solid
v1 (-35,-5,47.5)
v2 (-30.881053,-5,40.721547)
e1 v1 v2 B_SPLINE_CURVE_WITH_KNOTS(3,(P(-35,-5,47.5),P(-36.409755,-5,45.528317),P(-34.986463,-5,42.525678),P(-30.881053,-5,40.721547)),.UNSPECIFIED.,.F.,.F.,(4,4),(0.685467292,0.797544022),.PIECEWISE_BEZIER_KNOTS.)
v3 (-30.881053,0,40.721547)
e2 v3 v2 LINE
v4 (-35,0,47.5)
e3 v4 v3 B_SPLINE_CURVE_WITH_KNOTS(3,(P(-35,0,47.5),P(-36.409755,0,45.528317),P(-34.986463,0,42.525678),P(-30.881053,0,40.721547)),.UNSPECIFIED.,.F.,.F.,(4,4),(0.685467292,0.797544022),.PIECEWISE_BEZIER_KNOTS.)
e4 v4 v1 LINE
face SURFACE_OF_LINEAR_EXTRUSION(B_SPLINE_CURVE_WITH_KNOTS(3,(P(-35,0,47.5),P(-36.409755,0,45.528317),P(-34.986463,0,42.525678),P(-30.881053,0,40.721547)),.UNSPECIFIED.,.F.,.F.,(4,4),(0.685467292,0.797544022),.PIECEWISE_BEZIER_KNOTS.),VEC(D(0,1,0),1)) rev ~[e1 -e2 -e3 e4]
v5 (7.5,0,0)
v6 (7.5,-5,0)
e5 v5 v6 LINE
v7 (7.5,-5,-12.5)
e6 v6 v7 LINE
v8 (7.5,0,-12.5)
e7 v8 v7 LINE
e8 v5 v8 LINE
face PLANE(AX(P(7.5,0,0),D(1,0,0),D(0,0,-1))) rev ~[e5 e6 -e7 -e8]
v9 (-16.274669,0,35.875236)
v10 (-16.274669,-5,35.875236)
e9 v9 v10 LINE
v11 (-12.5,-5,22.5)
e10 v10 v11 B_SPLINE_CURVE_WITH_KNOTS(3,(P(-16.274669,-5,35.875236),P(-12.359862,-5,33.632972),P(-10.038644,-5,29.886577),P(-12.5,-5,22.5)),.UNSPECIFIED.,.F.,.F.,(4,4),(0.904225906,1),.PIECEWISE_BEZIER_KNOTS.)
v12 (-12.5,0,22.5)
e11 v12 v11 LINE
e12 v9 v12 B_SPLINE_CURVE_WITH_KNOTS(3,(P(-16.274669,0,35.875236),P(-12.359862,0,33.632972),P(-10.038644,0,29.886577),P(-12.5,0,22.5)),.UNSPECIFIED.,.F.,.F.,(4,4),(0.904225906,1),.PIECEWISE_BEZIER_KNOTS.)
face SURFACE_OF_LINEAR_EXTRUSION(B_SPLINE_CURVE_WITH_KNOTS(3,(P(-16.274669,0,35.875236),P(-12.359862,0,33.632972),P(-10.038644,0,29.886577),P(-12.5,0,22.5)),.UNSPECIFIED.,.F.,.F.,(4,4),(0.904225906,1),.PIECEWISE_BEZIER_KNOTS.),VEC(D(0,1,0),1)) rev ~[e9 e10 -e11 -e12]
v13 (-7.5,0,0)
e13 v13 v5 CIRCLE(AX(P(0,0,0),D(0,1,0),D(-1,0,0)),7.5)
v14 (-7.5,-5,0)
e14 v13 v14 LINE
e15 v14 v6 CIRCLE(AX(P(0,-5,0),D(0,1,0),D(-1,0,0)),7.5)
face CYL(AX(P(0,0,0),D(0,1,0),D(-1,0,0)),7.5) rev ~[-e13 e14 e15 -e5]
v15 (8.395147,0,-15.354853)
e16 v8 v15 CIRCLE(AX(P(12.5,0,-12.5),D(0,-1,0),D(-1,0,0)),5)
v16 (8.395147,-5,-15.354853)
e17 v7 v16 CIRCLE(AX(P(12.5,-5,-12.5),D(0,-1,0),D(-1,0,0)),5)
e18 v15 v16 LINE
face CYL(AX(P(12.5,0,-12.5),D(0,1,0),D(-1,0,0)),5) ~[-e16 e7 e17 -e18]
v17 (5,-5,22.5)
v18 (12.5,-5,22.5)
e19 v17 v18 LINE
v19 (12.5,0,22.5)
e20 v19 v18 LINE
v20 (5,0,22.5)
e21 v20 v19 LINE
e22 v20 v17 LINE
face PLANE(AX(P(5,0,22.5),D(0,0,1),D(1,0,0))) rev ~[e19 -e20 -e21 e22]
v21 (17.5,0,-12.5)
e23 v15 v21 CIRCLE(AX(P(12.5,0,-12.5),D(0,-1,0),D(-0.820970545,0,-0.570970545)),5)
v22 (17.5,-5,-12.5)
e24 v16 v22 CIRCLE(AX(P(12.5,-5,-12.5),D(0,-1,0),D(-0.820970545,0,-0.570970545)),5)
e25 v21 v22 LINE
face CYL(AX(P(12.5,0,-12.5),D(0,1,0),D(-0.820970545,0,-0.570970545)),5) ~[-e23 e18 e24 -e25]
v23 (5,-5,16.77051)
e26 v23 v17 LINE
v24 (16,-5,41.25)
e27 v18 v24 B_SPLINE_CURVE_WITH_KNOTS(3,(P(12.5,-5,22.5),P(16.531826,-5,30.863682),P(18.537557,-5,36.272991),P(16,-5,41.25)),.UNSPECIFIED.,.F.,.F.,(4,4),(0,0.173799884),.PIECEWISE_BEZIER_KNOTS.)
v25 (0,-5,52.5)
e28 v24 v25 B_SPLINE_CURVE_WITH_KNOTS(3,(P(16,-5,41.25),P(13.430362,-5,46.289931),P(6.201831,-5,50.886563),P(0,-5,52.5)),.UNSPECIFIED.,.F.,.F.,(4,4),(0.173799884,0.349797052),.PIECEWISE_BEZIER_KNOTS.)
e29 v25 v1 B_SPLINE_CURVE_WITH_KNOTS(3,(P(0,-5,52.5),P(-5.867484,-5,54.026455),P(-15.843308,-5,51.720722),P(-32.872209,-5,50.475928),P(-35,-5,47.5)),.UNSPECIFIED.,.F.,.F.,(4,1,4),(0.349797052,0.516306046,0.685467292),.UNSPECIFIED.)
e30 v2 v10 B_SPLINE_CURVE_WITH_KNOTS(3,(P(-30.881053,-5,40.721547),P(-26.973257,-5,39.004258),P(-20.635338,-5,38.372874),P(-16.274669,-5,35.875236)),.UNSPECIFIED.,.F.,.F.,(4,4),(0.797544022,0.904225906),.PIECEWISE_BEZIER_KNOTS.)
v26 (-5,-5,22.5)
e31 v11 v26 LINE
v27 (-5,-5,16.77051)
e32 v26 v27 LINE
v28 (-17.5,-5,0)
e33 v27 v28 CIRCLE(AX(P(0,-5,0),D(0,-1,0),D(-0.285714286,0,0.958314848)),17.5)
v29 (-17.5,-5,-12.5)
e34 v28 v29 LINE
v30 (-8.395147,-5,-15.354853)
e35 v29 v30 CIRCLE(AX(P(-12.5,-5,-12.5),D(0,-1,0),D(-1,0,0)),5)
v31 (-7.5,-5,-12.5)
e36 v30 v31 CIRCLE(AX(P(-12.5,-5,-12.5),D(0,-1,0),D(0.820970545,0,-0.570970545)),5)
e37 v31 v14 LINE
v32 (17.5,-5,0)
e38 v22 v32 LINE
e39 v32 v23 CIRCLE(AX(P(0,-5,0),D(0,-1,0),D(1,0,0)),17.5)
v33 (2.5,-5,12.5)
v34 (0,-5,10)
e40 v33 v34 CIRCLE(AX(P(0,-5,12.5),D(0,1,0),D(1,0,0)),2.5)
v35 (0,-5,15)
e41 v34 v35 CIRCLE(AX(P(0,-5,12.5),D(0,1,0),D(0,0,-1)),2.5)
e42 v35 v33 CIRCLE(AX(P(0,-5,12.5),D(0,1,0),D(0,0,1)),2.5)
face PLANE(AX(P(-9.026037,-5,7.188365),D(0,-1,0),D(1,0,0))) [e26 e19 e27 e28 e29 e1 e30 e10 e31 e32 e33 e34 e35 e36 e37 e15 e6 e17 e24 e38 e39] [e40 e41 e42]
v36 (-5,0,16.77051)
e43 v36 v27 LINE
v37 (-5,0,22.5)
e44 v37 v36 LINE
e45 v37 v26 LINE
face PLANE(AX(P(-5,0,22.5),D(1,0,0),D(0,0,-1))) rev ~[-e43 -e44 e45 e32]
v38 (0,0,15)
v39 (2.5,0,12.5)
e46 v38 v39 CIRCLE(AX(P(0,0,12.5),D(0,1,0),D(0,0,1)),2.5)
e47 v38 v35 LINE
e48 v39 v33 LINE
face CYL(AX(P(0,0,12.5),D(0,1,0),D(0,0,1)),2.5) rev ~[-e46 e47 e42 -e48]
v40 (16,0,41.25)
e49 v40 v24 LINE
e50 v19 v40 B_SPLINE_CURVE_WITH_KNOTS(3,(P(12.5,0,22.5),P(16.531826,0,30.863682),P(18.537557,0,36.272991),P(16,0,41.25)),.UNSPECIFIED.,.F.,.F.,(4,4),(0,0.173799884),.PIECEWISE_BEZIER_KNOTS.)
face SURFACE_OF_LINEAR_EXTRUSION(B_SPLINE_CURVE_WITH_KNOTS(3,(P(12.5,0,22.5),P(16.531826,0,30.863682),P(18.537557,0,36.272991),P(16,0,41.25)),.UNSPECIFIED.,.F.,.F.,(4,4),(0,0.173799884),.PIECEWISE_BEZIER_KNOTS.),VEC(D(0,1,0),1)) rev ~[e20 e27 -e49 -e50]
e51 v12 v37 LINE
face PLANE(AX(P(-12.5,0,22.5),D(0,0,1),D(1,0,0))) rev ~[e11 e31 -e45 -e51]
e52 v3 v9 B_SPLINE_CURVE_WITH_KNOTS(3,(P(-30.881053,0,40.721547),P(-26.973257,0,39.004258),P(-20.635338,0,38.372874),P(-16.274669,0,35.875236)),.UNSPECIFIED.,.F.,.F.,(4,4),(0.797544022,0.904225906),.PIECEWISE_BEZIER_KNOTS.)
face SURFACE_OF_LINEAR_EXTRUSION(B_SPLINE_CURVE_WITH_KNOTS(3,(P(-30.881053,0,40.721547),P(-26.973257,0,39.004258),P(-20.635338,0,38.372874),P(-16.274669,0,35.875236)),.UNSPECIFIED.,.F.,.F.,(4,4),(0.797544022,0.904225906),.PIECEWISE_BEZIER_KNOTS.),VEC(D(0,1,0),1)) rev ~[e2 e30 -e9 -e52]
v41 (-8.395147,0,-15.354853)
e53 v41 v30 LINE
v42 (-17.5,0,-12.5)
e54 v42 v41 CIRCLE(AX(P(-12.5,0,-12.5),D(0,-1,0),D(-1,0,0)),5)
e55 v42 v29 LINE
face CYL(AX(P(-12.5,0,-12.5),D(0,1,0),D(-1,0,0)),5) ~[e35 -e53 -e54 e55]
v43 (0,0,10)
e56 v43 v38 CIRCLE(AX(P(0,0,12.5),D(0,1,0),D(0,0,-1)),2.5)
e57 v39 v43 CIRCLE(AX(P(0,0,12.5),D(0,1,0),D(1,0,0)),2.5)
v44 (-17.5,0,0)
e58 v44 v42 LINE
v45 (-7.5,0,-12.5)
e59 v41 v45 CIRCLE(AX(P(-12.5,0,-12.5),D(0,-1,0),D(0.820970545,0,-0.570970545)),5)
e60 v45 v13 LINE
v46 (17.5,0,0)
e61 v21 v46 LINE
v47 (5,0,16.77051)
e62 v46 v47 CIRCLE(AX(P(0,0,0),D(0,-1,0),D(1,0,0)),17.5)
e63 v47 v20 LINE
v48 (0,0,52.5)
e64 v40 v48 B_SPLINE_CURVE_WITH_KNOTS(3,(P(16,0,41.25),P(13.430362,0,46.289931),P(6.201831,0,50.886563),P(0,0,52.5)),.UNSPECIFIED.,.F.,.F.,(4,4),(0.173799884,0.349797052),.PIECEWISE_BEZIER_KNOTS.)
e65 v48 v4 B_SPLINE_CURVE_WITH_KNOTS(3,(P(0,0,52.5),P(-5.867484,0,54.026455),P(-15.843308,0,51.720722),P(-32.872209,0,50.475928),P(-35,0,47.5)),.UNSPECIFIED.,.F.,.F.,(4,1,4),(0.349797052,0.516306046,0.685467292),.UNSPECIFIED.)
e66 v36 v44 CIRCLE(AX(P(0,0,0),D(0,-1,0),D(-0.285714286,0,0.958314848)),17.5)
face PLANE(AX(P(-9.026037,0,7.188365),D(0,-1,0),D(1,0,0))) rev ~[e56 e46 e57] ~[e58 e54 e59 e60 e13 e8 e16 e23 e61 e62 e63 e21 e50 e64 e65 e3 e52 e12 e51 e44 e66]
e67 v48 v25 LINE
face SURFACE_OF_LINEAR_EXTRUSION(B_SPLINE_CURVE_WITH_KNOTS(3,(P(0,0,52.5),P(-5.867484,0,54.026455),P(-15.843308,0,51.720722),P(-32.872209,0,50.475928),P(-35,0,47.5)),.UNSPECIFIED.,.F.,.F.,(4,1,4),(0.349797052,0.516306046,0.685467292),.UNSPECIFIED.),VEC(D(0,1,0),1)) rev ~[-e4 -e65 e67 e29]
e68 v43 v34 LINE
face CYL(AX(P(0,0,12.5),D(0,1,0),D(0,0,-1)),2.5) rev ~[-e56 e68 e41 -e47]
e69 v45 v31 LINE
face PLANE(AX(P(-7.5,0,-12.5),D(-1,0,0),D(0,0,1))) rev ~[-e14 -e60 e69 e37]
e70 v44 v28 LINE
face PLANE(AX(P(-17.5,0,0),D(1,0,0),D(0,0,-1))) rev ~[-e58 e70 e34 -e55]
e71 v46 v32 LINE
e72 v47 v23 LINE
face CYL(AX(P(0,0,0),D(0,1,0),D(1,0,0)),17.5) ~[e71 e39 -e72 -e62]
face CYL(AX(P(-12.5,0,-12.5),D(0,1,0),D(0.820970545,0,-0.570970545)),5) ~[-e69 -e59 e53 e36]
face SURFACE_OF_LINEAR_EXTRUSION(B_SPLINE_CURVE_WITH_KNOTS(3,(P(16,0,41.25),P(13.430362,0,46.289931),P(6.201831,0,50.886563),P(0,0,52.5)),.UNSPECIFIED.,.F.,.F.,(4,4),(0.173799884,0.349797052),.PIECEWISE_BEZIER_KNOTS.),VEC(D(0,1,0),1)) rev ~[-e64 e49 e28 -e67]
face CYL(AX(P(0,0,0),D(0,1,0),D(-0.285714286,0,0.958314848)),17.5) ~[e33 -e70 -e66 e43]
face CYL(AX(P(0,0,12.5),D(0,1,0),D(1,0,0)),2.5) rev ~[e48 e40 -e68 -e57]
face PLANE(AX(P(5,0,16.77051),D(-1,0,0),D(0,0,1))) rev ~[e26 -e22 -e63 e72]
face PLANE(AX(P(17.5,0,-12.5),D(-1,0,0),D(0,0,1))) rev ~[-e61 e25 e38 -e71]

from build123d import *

# Parameters (mm, degrees)
F0_W     = 5
F0_H     = 10
F1_DEPTH = 5


with BuildPart() as f1:
    # F0 (on Front) → F1 (new body)
    with BuildSketch(Plane.XZ):
        with BuildLine():
            ThreePointArc((-5, 16.7705098312), (-14.0312152004, 10.4582503317), (-17.5, 0))
            Line((-17.5, 0), (-7.5, 0))
            ThreePointArc((-7.5, 0), (-5.3033008589, 5.3033008589), (0, 7.5))
            Line((0, 7.5), (-5, 7.5))
            Line((-5, 7.5), (-5, 16.7705098312))
        make_face()
        with BuildLine():
            ThreePointArc((-12.2474487139, -12.5), (-16.1335109709, -6.7793675039), (-17.5, 0))
            Line((-17.5, 0), (-17.5, -12.5))
            Line((-17.5, -12.5), (-12.2474487139, -12.5))
        make_face()
        with BuildLine():
            Line((-7.5, 0), (-17.5, 0))
            ThreePointArc((-17.5, 0), (-16.1335109709, -6.7793675039), (-12.2474487139, -12.5))
            Line((-12.2474487139, -12.5), (-7.5, -12.5))
            Line((-7.5, -12.5), (-7.5, 0))
        make_face()
        with BuildLine():
            Line((-12.2474487139, -12.5), (-17.5, -12.5))
            ThreePointArc((-17.5, -12.5), (-13.9959505951, -17.2709675976), (-8.3951472732, -15.3548527268))
            ThreePointArc((-8.3951472732, -15.3548527268), (-10.4195363762, -14.0599879696), (-12.2474487139, -12.5))
        make_face()
        with BuildLine():
            Line((-5, 22.5), (-5, 16.7705098312))
            ThreePointArc((-5, 16.7705098312), (-2.5264676876, 17.3166671454), (0, 17.5))
            Line((0, 17.5), (0, 22.5))
            Line((0, 22.5), (-5, 22.5))
        make_face()
        with BuildLine():
            ThreePointArc((0, 17.5), (-2.5264676876, 17.3166671454), (-5, 16.7705098312))
            Line((-5, 16.7705098312), (-5, 7.5))
            Line((-5, 7.5), (0, 7.5))
            Line((0, 7.5), (0, 10))
            ThreePointArc((0, 10), (-2.5, 12.5), (0, 15))
            Line((0, 15), (0, 17.5))
        make_face()
        with BuildLine():
            Line((-7.5, -12.5), (-12.2474487139, -12.5))
            ThreePointArc((-12.2474487139, -12.5), (-10.4195363762, -14.0599879696), (-8.3951472732, -15.3548527268))
            ThreePointArc((-8.3951472732, -15.3548527268), (-7.7290324024, -13.9959505951), (-7.5, -12.5))
        make_face()
        with BuildLine():
            Line((5, 7.5), (0, 7.5))
            ThreePointArc((0, 7.5), (5.3033008589, 5.3033008589), (7.5, 0))
            Line((7.5, 0), (17.5, 0))
            ThreePointArc((17.5, 0), (14.0312152004, 10.4582503317), (5, 16.7705098312))
            Line((5, 16.7705098312), (5, 7.5))
        make_face()
        with BuildLine():
            Line((0, 10), (0, 7.5))
            Line((0, 7.5), (5, 7.5))
            Line((5, 7.5), (5, 16.7705098312))
            ThreePointArc((5, 16.7705098312), (2.5264676876, 17.3166671454), (0, 17.5))
            Line((0, 17.5), (0, 15))
            ThreePointArc((0, 15), (1.767766953, 14.267766953), (2.5, 12.5))
            ThreePointArc((2.5, 12.5), (1.767766953, 10.732233047), (0, 10))
        make_face()
        with BuildLine():
            Line((0, 22.5), (0, 17.5))
            ThreePointArc((0, 17.5), (2.5264676876, 17.3166671454), (5, 16.7705098312))
            Line((5, 16.7705098312), (5, 22.5))
            Line((5, 22.5), (0, 22.5))
        make_face()
        with BuildLine():
            Line((-12.5, 22.5), (-5, 22.5))
            Line((-5, 22.5), (-5, 32.5))
            Line((-5, 32.5), (0, 32.5))
            Line((0, 32.5), (0, 35))
            Line((0, 35), (-8.75, 41.25))
            Line((-8.75, 41.25), (-16.2746694241, 35.8752361256))
            add(Edge.make_bspline(
                [(-16.2746694241, 35.8752361256), (-12.3598618618, 33.6329716306), (-10.0386444447, 29.8865768576), (-12.5, 22.5)],
                knots=[0.904225906, 0.904225906, 0.904225906, 0.904225906, 1, 1, 1, 1], degree=3))
        make_face()
        with Locations((-2.5, 27.5)):
            Rectangle(F0_W, F0_H)
        with BuildLine():
            Line((17.5, 0), (7.5, 0))
            Line((7.5, 0), (7.5, -12.5))
            Line((7.5, -12.5), (12.2474487139, -12.5))
            ThreePointArc((12.2474487139, -12.5), (16.1335109709, -6.7793675039), (17.5, 0))
        make_face()
        with Locations((2.5, 27.5)):
            Rectangle(F0_W, F0_H)
        with BuildLine():
            Line((17.5, -12.5), (17.5, 0))
            ThreePointArc((17.5, 0), (16.1335109709, -6.7793675039), (12.2474487139, -12.5))
            Line((12.2474487139, -12.5), (17.5, -12.5))
        make_face()
        with BuildLine():
            Line((12.2474487139, -12.5), (7.5, -12.5))
            ThreePointArc((7.5, -12.5), (7.7290324024, -13.9959505951), (8.3951472732, -15.3548527268))
            ThreePointArc((8.3951472732, -15.3548527268), (10.4195363762, -14.0599879696), (12.2474487139, -12.5))
        make_face()
        with BuildLine():
            Line((5, 32.5), (5, 22.5))
            Line((5, 22.5), (12.5, 22.5))
            add(Edge.make_bspline(
                [(12.5, 22.5), (16.53182565, 30.8636820514), (18.537557056, 36.2729908565), (16, 41.25)],
                knots=[0, 0, 0, 0, 0.1737998843, 0.1737998843, 0.1737998843, 0.1737998843], degree=3))
            Line((16, 41.25), (0, 41.25))
            Line((0, 41.25), (0, 35))
            Line((0, 35), (0, 32.5))
            Line((0, 32.5), (5, 32.5))
        make_face()
        with BuildLine():
            add(Edge.make_bspline(
                [(-30.8810526687, 40.7215466751), (-26.9732572447, 39.0042580115), (-20.6353376436, 38.3728739705), (-16.2746694241, 35.8752361256)],
                knots=[0.7975440215, 0.7975440215, 0.7975440215, 0.7975440215, 0.904225906, 0.904225906, 0.904225906, 0.904225906], degree=3))
            Line((-16.2746694241, 35.8752361256), (-8.75, 41.25))
            Line((-8.75, 41.25), (-17.5, 47.5))
            Line((-17.5, 47.5), (-30.8810526687, 40.7215466751))
        make_face()
        with BuildLine():
            ThreePointArc((8.3951472732, -15.3548527268), (13.9959505951, -17.2709675976), (17.5, -12.5))
            Line((17.5, -12.5), (12.2474487139, -12.5))
            ThreePointArc((12.2474487139, -12.5), (10.4195363762, -14.0599879696), (8.3951472732, -15.3548527268))
        make_face()
        with BuildLine():
            add(Edge.make_bspline(
                [(-35, 47.5), (-36.4097549138, 45.5283174858), (-34.986463175, 42.5256776894), (-30.8810526687, 40.7215466751)],
                knots=[0.6854672924, 0.6854672924, 0.6854672924, 0.6854672924, 0.7975440215, 0.7975440215, 0.7975440215, 0.7975440215], degree=3))
            Line((-30.8810526687, 40.7215466751), (-35, 47.5))
        make_face()
        Polygon((-30.8810526687, 47.5), (-30.8810526687, 40.7215466751), (-17.5, 47.5), align=None)
        Polygon((-35, 47.5), (-30.8810526687, 40.7215466751), (-30.8810526687, 47.5), align=None)
        with BuildLine():
            Line((0, 41.25), (16, 41.25))
            add(Edge.make_bspline(
                [(16, 41.25), (13.4303616154, 46.2899314985), (6.2018305977, 50.8865634518), (0, 52.5)],
                knots=[0.1737998843, 0.1737998843, 0.1737998843, 0.1737998843, 0.3497970518, 0.3497970518, 0.3497970518, 0.3497970518], degree=3))
            Line((0, 52.5), (0, 47.5))
            Line((0, 47.5), (0, 41.25))
        make_face()
        with BuildLine():
            add(Edge.make_bspline(
                [(0, 52.5), (-5.8674840792, 54.0264546669), (-15.8433075246, 51.7207215847), (-32.8722086235, 50.4759279501), (-35, 47.5)],
                knots=[0.3497970518, 0.3497970518, 0.3497970518, 0.3497970518, 0.5163060464, 0.6854672924, 0.6854672924, 0.6854672924, 0.6854672924], degree=3))
            Line((-35, 47.5), (-30.8810526687, 47.5))
            Line((-30.8810526687, 47.5), (-17.5, 47.5))
            Line((-17.5, 47.5), (0, 47.5))
            Line((0, 47.5), (0, 52.5))
        make_face()
        Polygon((-17.5, 47.5), (-8.75, 41.25), (0, 47.5), align=None)
        Polygon((-8.75, 41.25), (0, 35), (0, 41.25), (0, 47.5), align=None)
    extrude(amount=F1_DEPTH)


solid = f1.part
